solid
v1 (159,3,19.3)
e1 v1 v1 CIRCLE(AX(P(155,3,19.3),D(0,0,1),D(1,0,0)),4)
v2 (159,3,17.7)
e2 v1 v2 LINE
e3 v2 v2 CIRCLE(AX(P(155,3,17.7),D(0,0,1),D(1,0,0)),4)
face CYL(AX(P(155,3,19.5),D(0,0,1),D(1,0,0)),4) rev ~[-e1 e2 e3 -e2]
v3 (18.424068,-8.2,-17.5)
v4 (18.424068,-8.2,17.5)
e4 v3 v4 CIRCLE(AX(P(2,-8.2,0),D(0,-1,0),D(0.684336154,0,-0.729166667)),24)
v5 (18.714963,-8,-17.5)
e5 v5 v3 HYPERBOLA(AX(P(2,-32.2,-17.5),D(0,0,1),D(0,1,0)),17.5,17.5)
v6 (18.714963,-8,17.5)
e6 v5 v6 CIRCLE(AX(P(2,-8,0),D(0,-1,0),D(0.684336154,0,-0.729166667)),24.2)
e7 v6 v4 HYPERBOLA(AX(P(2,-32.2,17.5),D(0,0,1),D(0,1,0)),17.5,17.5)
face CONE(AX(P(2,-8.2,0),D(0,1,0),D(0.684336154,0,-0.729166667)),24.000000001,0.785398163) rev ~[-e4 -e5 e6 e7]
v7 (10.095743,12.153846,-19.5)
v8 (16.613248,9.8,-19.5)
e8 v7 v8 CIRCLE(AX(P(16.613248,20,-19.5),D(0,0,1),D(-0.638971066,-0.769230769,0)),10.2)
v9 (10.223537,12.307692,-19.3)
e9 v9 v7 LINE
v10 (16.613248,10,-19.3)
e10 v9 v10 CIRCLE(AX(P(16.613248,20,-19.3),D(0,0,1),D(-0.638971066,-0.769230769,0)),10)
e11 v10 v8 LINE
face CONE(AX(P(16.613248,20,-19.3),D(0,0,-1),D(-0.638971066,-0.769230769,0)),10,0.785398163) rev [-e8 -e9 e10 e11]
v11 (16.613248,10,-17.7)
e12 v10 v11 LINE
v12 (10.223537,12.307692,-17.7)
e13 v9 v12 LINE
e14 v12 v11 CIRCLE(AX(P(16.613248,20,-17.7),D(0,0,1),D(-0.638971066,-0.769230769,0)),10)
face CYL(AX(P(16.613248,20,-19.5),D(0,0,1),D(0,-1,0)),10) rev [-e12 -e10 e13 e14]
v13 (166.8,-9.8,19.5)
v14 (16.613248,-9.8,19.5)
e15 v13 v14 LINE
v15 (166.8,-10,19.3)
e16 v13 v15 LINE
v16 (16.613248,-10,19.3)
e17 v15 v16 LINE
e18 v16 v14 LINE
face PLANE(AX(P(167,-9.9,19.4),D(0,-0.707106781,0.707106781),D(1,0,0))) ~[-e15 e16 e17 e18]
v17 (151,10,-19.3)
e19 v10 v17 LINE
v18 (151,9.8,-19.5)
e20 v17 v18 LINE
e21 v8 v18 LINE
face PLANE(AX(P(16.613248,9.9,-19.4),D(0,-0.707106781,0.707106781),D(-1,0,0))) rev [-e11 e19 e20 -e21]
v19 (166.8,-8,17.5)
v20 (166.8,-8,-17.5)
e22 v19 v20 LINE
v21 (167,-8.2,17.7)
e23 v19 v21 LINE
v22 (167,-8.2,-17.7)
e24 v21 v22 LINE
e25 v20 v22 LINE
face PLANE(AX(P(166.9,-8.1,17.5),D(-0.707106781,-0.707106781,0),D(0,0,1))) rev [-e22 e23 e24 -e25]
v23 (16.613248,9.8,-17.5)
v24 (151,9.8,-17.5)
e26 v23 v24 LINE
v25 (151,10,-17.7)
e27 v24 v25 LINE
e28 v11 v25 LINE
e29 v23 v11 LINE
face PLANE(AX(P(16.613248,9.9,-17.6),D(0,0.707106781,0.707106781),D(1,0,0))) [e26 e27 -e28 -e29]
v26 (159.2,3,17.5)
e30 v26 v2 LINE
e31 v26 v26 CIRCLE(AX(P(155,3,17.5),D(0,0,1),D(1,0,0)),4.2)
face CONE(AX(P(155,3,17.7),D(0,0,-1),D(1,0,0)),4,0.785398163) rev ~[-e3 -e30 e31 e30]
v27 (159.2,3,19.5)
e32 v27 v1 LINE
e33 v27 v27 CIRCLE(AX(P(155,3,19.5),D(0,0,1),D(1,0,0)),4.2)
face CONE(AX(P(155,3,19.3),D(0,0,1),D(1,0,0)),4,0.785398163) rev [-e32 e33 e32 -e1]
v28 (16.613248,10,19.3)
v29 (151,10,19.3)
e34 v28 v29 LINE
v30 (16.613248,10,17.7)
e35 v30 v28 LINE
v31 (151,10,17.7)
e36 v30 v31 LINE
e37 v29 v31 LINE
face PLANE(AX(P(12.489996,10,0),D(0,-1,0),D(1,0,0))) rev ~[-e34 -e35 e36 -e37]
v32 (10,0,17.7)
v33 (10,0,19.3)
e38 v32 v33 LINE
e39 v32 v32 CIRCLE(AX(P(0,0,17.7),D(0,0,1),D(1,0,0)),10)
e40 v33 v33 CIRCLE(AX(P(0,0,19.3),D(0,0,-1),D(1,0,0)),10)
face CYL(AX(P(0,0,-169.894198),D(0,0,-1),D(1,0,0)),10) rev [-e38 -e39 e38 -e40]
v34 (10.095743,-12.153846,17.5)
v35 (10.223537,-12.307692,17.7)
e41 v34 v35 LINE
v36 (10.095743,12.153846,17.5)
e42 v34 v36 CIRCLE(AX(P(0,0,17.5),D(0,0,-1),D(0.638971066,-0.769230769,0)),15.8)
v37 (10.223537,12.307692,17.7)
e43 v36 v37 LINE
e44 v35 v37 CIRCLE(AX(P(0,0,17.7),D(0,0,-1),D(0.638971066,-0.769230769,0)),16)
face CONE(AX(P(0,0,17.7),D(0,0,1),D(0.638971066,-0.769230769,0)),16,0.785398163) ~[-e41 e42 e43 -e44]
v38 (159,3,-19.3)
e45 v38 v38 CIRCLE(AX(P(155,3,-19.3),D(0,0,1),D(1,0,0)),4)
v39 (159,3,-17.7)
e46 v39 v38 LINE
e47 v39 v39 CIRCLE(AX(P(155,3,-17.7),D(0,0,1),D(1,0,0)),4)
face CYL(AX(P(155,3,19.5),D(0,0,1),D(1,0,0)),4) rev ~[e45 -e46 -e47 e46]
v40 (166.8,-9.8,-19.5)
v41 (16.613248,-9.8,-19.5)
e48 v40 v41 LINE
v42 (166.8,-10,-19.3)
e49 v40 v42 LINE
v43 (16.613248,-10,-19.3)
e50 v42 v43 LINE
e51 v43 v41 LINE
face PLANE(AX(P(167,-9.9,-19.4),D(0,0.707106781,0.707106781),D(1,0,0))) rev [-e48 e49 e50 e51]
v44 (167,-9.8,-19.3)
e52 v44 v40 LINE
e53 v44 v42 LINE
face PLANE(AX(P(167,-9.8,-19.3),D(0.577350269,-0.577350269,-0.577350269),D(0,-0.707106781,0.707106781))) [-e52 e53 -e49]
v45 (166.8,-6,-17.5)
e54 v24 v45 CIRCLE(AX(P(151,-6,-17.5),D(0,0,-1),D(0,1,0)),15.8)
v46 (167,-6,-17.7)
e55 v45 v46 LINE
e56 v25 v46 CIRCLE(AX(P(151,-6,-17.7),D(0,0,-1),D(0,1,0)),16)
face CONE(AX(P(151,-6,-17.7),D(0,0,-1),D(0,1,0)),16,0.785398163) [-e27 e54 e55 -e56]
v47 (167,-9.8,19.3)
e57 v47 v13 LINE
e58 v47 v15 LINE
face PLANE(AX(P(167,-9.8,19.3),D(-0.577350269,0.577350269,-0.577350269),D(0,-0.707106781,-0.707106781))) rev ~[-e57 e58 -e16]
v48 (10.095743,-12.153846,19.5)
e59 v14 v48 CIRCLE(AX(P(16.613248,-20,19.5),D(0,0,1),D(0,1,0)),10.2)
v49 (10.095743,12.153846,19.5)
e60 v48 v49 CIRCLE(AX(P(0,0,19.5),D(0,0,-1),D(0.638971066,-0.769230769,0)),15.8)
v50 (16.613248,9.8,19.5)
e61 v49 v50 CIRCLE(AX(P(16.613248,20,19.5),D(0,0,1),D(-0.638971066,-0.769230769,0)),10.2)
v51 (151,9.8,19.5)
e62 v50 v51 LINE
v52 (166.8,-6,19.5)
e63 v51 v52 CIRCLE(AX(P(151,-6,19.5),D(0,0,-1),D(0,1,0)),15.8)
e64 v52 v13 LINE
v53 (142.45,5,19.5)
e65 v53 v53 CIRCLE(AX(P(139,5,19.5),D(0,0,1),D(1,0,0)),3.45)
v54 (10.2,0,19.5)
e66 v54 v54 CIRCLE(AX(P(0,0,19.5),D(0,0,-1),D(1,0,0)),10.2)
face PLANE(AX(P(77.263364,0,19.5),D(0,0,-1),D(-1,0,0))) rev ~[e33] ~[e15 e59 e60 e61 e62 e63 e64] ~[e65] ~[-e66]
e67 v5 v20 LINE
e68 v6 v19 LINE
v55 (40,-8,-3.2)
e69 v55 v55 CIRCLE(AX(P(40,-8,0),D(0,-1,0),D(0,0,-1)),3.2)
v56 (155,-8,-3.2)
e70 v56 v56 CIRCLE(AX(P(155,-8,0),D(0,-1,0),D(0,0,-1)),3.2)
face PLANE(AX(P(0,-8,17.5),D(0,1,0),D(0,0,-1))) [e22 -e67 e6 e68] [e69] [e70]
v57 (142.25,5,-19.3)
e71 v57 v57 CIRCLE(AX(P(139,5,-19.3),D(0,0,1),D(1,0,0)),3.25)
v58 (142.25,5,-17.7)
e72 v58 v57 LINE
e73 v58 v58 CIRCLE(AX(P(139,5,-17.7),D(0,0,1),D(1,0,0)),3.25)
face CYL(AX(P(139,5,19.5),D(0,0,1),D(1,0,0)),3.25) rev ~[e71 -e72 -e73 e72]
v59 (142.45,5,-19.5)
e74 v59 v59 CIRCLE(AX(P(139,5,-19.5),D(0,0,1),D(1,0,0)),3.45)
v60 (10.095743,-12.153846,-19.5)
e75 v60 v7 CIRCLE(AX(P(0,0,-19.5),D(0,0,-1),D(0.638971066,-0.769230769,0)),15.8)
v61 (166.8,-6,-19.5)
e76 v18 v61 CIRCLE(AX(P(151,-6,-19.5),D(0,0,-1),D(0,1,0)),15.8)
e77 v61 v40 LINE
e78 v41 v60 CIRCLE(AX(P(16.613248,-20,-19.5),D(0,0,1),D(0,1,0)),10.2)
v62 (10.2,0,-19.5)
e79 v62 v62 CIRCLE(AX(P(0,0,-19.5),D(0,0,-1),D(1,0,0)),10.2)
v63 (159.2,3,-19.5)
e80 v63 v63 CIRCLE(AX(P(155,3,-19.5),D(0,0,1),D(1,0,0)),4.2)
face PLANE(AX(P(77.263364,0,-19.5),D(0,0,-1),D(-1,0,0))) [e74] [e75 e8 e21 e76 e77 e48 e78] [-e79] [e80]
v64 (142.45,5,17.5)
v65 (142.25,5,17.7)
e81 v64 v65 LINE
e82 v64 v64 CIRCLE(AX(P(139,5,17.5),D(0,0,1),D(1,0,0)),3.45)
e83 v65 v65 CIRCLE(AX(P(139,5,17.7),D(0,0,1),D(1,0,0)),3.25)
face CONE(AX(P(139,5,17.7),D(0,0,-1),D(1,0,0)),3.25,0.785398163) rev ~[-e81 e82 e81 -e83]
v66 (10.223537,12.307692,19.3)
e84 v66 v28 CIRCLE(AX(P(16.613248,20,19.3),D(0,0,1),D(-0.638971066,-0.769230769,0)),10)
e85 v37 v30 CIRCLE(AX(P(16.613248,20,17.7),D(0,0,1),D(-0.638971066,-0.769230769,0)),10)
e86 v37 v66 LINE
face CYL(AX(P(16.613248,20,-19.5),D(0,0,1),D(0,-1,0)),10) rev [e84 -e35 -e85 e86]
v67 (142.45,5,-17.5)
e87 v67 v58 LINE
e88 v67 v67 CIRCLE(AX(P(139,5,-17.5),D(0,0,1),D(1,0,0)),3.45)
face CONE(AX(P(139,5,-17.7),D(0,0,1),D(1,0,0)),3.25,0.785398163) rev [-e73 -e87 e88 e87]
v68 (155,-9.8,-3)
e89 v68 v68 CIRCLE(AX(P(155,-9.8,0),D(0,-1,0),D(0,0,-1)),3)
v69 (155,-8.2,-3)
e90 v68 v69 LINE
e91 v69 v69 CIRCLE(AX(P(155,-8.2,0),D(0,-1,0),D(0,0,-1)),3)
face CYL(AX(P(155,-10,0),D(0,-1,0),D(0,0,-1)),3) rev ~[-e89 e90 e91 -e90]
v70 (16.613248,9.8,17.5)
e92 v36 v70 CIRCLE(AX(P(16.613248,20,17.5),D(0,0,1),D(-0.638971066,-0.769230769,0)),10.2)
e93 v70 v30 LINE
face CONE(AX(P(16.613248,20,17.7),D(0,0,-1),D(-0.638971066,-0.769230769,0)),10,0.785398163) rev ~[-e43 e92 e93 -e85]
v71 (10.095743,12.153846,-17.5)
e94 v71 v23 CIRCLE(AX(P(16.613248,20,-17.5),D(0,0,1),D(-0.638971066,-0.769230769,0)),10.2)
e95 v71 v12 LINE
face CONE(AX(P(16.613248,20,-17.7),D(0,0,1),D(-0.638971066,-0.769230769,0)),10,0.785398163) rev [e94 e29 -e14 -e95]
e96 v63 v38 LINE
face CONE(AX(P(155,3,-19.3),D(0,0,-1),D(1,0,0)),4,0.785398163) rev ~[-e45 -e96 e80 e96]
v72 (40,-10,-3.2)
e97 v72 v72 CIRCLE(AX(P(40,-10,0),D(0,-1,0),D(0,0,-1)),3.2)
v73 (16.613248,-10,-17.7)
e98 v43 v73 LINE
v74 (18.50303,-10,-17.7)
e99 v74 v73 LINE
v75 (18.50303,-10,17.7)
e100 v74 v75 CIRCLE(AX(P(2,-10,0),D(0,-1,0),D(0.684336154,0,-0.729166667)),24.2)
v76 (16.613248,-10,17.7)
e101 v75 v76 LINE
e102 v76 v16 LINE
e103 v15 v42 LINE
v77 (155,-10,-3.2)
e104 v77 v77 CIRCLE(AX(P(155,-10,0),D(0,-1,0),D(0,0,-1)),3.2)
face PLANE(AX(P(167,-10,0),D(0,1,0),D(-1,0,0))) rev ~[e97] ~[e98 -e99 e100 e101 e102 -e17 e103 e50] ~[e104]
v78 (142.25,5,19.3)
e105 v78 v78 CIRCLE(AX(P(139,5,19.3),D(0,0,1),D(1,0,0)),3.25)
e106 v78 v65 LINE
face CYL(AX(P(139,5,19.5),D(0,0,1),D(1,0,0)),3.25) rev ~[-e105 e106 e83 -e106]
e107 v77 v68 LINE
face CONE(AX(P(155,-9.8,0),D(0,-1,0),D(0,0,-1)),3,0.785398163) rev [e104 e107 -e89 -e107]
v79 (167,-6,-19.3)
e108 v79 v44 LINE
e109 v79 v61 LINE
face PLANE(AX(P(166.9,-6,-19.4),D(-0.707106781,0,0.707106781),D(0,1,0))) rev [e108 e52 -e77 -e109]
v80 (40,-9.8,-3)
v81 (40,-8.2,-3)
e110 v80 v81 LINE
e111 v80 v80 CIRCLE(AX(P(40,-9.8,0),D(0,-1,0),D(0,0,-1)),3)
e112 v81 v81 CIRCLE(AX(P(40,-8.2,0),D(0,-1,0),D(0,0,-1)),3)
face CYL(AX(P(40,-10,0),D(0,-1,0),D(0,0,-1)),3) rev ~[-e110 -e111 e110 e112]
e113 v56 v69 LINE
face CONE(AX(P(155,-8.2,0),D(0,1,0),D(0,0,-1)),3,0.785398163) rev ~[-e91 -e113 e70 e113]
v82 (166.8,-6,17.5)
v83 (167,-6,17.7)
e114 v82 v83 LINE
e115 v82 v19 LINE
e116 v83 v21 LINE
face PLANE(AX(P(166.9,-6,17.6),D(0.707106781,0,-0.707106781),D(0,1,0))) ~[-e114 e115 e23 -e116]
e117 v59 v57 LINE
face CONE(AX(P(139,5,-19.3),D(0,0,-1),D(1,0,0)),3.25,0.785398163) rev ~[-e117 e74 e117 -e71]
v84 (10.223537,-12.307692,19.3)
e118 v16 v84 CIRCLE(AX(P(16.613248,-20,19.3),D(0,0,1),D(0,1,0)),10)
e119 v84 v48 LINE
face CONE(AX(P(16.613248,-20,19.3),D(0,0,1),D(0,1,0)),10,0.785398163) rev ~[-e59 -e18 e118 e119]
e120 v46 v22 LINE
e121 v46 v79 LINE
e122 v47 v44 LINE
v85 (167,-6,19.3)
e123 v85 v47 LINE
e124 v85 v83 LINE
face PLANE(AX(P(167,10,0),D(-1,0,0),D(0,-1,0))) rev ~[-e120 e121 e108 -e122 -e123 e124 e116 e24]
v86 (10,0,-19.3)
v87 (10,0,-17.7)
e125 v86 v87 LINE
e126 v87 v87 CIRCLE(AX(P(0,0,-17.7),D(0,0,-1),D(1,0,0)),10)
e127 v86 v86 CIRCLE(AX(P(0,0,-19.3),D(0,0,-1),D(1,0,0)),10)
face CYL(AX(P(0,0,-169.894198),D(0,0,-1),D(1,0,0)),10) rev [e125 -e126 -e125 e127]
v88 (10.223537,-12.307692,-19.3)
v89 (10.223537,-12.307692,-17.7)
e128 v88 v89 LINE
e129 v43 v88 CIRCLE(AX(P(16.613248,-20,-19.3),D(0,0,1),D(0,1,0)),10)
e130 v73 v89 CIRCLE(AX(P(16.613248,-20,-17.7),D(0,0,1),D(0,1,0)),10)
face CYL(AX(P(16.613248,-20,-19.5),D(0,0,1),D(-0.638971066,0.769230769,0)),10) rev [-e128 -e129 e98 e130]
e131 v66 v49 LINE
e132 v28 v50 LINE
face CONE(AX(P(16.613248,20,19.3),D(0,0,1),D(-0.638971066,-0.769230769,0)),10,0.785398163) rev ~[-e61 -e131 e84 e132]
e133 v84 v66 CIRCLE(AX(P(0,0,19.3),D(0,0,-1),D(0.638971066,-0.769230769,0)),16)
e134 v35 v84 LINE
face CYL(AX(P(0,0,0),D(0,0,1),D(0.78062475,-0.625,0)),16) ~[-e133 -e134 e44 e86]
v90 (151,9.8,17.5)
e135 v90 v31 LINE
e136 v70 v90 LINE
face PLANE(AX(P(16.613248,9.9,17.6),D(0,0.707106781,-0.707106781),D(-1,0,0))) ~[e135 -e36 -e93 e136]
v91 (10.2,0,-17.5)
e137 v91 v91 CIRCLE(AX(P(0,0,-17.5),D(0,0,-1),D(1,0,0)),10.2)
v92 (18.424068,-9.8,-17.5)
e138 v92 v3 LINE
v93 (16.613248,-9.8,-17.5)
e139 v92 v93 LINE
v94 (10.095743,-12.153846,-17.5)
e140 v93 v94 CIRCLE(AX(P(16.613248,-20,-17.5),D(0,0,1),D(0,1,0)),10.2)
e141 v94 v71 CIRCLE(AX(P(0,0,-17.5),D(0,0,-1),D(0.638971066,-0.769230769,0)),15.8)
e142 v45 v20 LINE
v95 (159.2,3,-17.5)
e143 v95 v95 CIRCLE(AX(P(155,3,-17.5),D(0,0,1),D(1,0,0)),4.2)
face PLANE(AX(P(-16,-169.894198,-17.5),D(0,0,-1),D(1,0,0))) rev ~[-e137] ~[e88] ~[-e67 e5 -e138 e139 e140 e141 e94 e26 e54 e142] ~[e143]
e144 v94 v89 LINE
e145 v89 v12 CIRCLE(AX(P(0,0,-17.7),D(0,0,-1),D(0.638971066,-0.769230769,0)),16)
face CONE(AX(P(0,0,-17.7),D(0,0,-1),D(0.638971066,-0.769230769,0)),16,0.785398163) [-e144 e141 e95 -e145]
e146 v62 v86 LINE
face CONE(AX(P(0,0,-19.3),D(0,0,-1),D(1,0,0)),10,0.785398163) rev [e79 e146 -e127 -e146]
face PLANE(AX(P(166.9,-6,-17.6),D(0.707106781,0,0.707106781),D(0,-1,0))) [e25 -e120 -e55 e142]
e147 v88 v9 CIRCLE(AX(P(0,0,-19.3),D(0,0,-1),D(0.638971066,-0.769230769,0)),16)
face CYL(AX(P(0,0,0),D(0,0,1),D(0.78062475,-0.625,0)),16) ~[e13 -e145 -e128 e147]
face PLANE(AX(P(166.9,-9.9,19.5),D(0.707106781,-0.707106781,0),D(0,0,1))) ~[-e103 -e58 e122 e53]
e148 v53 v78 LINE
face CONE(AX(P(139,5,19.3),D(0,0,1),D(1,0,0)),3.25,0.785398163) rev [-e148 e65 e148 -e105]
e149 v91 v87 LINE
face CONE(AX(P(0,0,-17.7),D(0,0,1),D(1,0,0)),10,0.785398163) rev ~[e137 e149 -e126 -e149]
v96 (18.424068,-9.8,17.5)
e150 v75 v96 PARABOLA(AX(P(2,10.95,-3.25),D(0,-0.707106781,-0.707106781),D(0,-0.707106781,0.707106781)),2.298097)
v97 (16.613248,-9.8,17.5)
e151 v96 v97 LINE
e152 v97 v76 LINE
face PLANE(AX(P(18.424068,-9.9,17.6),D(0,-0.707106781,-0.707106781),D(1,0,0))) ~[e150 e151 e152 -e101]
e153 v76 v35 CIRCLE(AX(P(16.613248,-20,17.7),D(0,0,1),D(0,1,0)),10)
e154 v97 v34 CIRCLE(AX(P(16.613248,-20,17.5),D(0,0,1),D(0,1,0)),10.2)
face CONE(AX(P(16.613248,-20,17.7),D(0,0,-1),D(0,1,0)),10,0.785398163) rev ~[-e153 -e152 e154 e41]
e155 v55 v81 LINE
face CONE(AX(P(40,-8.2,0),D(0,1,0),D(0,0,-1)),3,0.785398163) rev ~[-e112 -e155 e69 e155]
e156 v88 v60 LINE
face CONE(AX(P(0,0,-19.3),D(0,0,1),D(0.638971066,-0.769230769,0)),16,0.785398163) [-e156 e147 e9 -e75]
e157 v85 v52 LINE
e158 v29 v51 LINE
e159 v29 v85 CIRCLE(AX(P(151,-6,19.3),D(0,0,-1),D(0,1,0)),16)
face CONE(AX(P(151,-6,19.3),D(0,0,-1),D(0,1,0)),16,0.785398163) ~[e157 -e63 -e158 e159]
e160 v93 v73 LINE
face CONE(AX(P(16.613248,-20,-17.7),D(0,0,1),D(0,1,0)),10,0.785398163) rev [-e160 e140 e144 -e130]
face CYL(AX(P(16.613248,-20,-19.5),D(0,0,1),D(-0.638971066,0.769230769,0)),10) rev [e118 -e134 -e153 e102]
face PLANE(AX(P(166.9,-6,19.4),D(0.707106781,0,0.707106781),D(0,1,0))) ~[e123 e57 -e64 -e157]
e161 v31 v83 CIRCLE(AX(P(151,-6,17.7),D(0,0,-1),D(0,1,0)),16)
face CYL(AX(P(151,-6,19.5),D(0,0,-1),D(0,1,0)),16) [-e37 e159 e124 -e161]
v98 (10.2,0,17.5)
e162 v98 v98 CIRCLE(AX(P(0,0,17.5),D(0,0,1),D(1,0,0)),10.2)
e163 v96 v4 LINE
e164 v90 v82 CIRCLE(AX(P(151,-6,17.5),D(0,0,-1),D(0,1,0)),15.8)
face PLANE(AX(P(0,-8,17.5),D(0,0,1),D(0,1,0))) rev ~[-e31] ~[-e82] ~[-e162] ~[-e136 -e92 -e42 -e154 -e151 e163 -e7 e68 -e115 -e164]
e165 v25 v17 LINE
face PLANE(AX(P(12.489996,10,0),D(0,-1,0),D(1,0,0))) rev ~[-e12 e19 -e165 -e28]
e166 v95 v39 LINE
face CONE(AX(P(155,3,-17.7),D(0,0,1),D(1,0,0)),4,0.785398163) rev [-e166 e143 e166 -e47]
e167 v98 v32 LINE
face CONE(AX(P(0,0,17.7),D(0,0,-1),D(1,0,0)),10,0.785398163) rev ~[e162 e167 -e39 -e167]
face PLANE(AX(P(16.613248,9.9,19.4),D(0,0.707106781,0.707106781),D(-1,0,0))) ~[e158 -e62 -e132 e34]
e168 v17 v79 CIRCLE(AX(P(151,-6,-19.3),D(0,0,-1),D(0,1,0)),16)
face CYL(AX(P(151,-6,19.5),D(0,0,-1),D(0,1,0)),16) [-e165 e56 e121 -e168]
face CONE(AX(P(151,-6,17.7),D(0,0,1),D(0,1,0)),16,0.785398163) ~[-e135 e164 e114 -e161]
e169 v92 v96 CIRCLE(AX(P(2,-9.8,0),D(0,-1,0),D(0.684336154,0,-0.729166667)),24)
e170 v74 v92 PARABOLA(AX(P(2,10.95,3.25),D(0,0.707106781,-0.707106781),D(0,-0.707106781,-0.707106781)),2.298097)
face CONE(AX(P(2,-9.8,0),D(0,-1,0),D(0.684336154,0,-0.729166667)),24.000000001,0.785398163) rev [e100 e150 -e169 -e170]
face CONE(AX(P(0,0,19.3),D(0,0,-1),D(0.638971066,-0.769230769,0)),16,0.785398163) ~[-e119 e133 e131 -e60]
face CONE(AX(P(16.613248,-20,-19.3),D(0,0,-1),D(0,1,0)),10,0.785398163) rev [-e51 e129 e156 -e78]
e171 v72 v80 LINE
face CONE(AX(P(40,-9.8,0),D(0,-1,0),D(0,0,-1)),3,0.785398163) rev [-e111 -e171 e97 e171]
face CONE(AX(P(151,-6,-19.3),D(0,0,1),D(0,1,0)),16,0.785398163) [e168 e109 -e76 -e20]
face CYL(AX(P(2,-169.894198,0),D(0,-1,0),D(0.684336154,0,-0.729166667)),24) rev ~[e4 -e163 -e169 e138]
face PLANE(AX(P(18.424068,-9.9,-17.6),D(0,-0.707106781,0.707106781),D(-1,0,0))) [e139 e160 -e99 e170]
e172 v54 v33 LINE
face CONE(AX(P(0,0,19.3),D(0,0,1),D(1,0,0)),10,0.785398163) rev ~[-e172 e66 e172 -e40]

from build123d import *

# Parameters (mm, degrees)
ARMB_W_DEPTH             = 19.5
FILLET_1_R               = 16
FILLET_2_R               = 10
CUT_EXTRUDE_1_DEPTH      = 169.89419765
CUT_EXTRUDE_1_DEPTH_BACK = 169.89419765
SKETCH_2_R               = 10
CUT_EXTRUDE_2_DEPTH      = 169.89419765
CUT_EXTRUDE_2_DEPTH_BACK = 169.89419765
ARMB_T_W                 = 35
ARMB_T_H                 = 18
CUT_EXTRUDE_3_DEPTH      = 169.89419765
SKETCH_5_R               = 4
SKETCH_5_R_2             = 3.25
CUT_EXTRUDE_4_DEPTH      = 173.238207143
SKETCH_6_R               = 3
CUT_EXTRUDE_5_DEPTH      = 171.133036181
CHAMFER_1_SIZE           = 0.2


with BuildPart() as part:
    # ArmB-L → ArmB-W (new, symmetric)
    with BuildSketch(Plane.XY):
        with BuildLine():
            Line((12.489995997, 10), (167, 10))
            Line((167, 10), (167, -10))
            Line((167, -10), (12.489995997, -10))
            ThreePointArc((12.489995997, -10), (-16, 0), (12.489995997, 10))
        make_face()
    extrude(amount=ARMB_W_DEPTH, both=True)

    # ﾌｨﾚｯﾄ1
    fillet_1_edges = [part.edges().sort_by_distance(p)[0] for p in [
        (167, 10, 0),
    ]]
    fillet(fillet_1_edges, radius=FILLET_1_R)

    # ﾌｨﾚｯﾄ2
    fillet_2_edges = [part.edges().sort_by_distance(p)[0] for p in [
        (12.489995997, 10, 0),
        (12.489995997, -10, 0),
    ]]
    fillet(fillet_2_edges, radius=FILLET_2_R)

    # ｽｹｯﾁ2 → ｶｯﾄ - 押し出し1 (cut, two sides: drawn at the far end of the back side and taken through both)
    with BuildSketch(Plane.XY.offset(-CUT_EXTRUDE_1_DEPTH_BACK)):
        Circle(SKETCH_2_R)
    extrude(amount=CUT_EXTRUDE_1_DEPTH + CUT_EXTRUDE_1_DEPTH_BACK, mode=Mode.SUBTRACT)

    # ｽｹｯﾁ3 → ｶｯﾄ - 押し出し2 (cut, two sides: drawn at the far end of the back side and taken through both)
    with BuildSketch(Plane(origin=(0, 0, 0), x_dir=(1, 0, 0), z_dir=(0, 1, 0)).offset(-CUT_EXTRUDE_2_DEPTH_BACK)):
        with BuildLine():
            Line((-16, 17.5), (18.424067706, 17.5))
            ThreePointArc((18.424067706, 17.5), (26, 0), (18.424067706, -17.5))
            Line((18.424067706, -17.5), (-16, -17.5))
            Line((-16, -17.5), (-16, 17.5))
        make_face()
    extrude(amount=CUT_EXTRUDE_2_DEPTH + CUT_EXTRUDE_2_DEPTH_BACK, mode=Mode.SUBTRACT)

    # ArmB-t → ｶｯﾄ - 押し出し3 (cut, through all)
    with BuildSketch(Plane(origin=(0, 0, 0), x_dir=(0, 0, -1), z_dir=(1, 0, 0))):
        with Locations((0, 1)):
            Rectangle(ARMB_T_W, ARMB_T_H)
    extrude(amount=CUT_EXTRUDE_3_DEPTH, mode=Mode.SUBTRACT)

    # ｽｹｯﾁ5 → ｶｯﾄ - 押し出し4 (cut, through all)
    with BuildSketch(Plane.XY.offset(19.5)):
        with Locations((155, 3)):
            Circle(SKETCH_5_R)
        with Locations((139, 5)):
            Circle(SKETCH_5_R_2)
    extrude(amount=-CUT_EXTRUDE_4_DEPTH, mode=Mode.SUBTRACT)

    # ｽｹｯﾁ6 → ｶｯﾄ - 押し出し5 (cut, through all)
    with BuildSketch(Plane.XZ.offset(10)):
        with Locations(Location((155, 0, 0), (0, 0, 270))):
            Circle(SKETCH_6_R)
        with Locations(Location((40, 0, 0), (0, 0, 270))):
            Circle(SKETCH_6_R)
    extrude(amount=-CUT_EXTRUDE_5_DEPTH, mode=Mode.SUBTRACT)

    # 面取り1
    chamfer_1_edges = [part.edges().sort_by_distance(p)[0] for p in [
        (167, -8, 19.5),
        (151, 3, -19.5),
        (151, 3, -17.5),
        (151, 3, 17.5),
        (151, 3, 19.5),
        (135.75, 5, -19.5),
        (135.75, 5, -17.5),
        (135.75, 5, 17.5),
        (135.75, 5, 19.5),
        (155, -8, 3),
        (155, -10, 3),
        (40, -8, 3),
        (40, -10, 3),
        (83.806623863, 10, -19.5),
        (83.806623863, 10, 19.5),
        (162.313708499, 5.313708499, -19.5),
        (162.313708499, 5.313708499, 19.5),
        (91.806623863, -10, -19.5),
        (91.806623863, -10, 19.5),
        (-16, 0, -19.5),
        (-16, 0, 19.5),
        (13.216416623, -10.594600569, -19.5),
        (13.216416623, -10.594600569, 19.5),
        (13.216416623, 10.594600569, -19.5),
        (13.216416623, 10.594600569, 19.5),
        (-10, 0, -19.5),
        (-10, 0, 19.5),
        (167, -8, -19.5),
        (26, -10, 0),
        (-10, 0, -17.5),
        (17.518657716, -10, -17.5),
        (13.216416623, -10.594600569, -17.5),
        (-16, 0, -17.5),
        (13.216416623, 10.594600569, -17.5),
        (83.806623863, 10, -17.5),
        (-10, 0, 17.5),
        (13.216416623, -10.594600569, 17.5),
        (17.518657716, -10, 17.5),
        (83.806623863, 10, 17.5),
        (13.216416623, 10.594600569, 17.5),
        (-16, 0, 17.5),
        (167, -10, 0),
        (162.313708499, 5.313708499, 17.5),
        (162.313708499, 5.313708499, -17.5),
        (26, -8, 0),
        (167, -7, -17.5),
        (167, -7, 17.5),
        (167, -8, 0),
    ]]
    chamfer(chamfer_1_edges, length=CHAMFER_1_SIZE)


solid = part.part
